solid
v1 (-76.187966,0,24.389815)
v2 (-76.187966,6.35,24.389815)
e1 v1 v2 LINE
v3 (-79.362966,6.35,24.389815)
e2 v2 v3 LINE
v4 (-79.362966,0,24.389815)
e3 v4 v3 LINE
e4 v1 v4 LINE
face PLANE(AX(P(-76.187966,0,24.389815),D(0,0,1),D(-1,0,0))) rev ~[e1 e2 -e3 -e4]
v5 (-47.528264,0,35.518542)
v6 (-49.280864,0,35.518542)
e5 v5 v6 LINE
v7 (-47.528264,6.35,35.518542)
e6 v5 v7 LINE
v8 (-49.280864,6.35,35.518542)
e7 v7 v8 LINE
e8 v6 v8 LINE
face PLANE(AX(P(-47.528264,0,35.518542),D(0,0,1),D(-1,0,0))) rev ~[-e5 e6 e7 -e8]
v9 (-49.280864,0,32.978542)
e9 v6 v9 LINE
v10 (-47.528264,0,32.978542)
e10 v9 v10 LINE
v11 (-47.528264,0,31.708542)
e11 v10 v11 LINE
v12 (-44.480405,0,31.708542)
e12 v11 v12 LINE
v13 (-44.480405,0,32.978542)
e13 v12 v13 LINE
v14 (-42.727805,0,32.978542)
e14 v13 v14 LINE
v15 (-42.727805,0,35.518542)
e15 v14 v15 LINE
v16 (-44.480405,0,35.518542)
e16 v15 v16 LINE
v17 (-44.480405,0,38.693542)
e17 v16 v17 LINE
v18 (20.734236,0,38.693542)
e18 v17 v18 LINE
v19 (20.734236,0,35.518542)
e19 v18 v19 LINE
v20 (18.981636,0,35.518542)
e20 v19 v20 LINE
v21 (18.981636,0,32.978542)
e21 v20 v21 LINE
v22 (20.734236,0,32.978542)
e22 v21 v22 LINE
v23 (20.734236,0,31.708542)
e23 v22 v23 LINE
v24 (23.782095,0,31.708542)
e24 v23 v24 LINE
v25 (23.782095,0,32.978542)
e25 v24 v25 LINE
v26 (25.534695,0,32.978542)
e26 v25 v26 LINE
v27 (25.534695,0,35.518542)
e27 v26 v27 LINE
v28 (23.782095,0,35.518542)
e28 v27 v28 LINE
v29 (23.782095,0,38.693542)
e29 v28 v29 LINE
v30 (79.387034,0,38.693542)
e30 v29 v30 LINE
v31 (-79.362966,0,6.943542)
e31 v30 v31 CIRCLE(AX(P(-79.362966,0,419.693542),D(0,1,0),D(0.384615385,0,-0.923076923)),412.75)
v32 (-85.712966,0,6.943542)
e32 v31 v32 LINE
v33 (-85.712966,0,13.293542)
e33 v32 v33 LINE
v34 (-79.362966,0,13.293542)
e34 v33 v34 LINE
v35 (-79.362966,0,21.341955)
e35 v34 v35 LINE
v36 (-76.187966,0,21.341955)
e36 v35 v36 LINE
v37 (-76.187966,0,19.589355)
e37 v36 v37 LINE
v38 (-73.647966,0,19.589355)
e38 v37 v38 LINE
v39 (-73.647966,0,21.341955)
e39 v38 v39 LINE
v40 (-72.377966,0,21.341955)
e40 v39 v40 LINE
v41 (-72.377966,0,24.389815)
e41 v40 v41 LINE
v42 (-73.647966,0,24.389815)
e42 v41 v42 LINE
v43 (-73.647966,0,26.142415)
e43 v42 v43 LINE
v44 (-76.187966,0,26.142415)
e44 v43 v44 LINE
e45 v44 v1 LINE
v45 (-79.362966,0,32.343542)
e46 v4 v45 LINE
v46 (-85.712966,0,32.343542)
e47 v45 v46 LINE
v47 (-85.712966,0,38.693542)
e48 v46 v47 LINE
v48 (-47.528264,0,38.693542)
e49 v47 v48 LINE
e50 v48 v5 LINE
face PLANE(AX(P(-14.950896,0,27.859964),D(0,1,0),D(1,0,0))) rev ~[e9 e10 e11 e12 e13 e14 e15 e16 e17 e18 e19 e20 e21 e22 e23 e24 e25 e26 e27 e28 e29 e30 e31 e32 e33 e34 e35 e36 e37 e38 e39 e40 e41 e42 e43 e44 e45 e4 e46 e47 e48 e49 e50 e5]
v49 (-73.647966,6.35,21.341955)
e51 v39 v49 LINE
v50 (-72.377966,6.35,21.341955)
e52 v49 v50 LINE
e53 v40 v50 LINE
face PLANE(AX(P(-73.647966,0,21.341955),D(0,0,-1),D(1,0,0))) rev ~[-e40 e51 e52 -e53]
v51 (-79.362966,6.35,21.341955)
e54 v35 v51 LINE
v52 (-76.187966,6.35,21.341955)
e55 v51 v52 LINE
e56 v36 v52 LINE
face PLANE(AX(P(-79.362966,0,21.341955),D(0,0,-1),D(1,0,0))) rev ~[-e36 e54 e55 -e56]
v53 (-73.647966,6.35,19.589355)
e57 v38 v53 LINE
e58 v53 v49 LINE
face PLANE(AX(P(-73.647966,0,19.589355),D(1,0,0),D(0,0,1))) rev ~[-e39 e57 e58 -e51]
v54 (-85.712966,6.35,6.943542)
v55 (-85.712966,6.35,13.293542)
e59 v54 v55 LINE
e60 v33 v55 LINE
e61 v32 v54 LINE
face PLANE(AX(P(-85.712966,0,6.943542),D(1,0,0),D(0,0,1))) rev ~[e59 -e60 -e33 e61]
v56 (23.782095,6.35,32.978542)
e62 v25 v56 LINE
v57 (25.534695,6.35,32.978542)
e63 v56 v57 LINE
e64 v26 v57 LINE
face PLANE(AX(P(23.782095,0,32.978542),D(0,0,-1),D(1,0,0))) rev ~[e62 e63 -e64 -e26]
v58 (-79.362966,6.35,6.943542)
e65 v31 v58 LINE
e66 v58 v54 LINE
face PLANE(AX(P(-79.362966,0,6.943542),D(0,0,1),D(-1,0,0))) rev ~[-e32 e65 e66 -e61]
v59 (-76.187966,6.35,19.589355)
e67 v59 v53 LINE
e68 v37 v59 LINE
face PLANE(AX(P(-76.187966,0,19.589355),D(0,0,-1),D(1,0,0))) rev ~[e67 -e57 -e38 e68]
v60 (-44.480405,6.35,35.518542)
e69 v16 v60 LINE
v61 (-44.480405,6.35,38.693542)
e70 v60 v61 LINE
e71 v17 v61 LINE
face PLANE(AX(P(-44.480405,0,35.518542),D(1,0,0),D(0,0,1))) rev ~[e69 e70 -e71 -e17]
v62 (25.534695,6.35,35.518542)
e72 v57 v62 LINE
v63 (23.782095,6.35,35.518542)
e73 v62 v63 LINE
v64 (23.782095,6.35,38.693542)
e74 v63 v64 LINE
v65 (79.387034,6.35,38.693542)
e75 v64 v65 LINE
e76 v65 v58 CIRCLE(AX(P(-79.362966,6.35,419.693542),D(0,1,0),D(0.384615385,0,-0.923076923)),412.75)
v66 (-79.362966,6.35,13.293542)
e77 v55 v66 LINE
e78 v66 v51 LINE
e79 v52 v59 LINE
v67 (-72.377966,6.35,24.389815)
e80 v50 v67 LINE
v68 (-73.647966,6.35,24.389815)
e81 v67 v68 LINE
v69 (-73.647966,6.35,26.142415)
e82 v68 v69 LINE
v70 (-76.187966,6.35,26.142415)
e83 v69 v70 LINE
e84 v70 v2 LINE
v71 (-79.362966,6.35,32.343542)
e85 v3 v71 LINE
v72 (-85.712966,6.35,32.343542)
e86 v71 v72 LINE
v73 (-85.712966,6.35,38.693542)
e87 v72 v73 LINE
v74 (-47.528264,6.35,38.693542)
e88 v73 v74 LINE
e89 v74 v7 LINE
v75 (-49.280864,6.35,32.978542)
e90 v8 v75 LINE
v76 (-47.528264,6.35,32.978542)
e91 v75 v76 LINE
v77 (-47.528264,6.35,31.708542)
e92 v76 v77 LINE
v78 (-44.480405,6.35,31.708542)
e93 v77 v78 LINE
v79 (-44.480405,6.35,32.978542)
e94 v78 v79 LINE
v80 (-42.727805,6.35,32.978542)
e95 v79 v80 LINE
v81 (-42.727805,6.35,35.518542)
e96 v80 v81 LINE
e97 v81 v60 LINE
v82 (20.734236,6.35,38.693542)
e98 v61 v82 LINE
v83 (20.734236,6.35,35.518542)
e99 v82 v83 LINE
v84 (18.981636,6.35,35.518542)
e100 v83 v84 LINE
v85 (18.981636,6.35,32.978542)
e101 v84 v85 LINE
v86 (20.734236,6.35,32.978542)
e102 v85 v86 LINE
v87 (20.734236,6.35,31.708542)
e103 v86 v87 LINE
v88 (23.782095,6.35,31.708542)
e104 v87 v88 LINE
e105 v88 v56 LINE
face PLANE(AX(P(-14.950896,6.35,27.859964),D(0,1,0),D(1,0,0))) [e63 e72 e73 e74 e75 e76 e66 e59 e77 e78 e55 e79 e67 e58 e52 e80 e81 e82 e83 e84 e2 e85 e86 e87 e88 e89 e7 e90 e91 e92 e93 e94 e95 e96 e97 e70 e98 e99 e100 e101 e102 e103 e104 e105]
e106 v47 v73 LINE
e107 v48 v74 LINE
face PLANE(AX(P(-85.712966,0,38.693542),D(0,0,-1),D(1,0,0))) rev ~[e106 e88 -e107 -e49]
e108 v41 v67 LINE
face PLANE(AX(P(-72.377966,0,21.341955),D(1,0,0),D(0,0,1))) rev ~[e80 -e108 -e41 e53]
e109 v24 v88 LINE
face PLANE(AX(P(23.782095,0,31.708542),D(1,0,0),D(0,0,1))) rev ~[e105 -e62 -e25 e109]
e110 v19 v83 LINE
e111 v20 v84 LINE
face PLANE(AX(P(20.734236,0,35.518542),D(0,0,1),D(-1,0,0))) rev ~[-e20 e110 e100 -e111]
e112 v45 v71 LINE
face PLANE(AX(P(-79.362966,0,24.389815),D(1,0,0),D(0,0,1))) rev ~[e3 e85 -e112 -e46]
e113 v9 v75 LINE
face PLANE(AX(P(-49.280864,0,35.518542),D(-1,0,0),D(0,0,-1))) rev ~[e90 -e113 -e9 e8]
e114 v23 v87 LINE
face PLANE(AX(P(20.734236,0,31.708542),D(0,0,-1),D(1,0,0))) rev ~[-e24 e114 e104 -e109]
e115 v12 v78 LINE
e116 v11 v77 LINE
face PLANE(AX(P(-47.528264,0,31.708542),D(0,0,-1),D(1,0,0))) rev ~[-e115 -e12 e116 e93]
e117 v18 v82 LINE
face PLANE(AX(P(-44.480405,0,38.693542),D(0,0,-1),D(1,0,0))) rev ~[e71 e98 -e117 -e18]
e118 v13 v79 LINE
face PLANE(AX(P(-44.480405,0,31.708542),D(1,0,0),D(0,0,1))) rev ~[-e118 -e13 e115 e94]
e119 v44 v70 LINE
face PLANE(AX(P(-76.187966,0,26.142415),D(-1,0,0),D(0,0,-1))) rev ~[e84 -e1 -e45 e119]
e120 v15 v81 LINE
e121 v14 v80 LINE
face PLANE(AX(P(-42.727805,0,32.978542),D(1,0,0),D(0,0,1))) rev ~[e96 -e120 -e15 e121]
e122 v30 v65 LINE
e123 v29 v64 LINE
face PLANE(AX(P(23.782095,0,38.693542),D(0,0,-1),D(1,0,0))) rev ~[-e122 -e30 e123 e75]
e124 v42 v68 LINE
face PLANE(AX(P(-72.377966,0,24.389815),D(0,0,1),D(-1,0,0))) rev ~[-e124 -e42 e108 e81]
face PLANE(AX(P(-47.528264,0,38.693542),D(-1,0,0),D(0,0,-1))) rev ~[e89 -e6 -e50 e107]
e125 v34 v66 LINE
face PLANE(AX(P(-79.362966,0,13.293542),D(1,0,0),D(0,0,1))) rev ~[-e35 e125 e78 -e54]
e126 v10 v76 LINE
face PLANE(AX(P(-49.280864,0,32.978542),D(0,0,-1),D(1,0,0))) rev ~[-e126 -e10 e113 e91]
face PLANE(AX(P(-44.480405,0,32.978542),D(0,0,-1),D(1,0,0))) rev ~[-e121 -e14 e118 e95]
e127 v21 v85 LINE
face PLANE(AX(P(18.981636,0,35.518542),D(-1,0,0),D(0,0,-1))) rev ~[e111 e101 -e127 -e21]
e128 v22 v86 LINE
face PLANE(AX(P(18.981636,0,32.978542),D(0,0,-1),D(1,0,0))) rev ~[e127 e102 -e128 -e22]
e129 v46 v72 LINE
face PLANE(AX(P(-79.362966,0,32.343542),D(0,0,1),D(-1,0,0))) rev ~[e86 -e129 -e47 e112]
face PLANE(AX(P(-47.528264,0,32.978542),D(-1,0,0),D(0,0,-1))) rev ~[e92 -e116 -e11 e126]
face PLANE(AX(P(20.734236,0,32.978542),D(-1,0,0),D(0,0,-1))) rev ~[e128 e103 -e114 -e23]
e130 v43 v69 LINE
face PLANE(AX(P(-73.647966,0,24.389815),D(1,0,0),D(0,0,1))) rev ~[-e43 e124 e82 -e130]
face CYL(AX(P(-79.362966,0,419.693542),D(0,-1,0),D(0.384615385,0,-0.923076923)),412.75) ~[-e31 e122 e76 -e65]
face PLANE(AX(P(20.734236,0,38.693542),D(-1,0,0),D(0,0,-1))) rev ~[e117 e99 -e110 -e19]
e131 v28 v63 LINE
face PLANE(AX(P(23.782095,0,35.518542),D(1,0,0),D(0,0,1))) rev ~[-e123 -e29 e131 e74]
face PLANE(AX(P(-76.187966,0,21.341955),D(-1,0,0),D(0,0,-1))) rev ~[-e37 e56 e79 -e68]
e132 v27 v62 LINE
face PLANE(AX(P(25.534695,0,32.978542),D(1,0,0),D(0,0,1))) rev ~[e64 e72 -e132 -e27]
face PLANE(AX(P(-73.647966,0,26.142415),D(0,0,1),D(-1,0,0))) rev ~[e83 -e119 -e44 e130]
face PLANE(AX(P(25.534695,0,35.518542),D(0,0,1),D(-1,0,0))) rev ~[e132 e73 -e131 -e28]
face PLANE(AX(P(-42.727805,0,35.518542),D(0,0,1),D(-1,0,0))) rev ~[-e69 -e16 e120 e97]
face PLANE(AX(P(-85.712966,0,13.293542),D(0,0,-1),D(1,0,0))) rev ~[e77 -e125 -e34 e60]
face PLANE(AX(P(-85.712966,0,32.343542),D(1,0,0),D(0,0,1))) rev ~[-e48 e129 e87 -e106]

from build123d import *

# Parameters (mm, degrees)
BOSS_EXTRUDE1_DEPTH = 6.35


with BuildPart() as part:
    # Sketch1 → Boss-Extrude1 (new body)
    with BuildSketch(Plane(origin=(0, 0, 0), x_dir=(1, 0, 0), z_dir=(0, 1, 0))):
        with BuildLine():
            Line((-79.362966154, -13.293541536), (-79.362966154, -21.341955347))
            Line((-79.362966154, -21.341955347), (-76.187966154, -21.341955347))
            Line((-76.187966154, -21.341955347), (-76.187966154, -19.589355347))
            Line((-76.187966154, -19.589355347), (-73.647966154, -19.589355347))
            Line((-73.647966154, -19.589355347), (-73.647966154, -21.341955347))
            Line((-73.647966154, -21.341955347), (-72.377966154, -21.341955347))
            Line((-72.377966154, -21.341955347), (-72.377966154, -24.389814703))
            Line((-72.377966154, -24.389814703), (-73.647966154, -24.389814703))
            Line((-73.647966154, -24.389814703), (-73.647966154, -26.142414703))
            Line((-73.647966154, -26.142414703), (-76.187966154, -26.142414703))
            Line((-76.187966154, -26.142414703), (-76.187966154, -24.389814703))
            Line((-76.187966154, -24.389814703), (-79.362966154, -24.389814703))
            Line((-79.362966154, -24.389814703), (-79.362966154, -32.343541536))
            Line((-79.362966154, -32.343541536), (-85.712966154, -32.343541536))
            Line((-85.712966154, -32.343541536), (-85.712966154, -38.693541536))
            Line((-85.712966154, -38.693541536), (-79.362966154, -38.693541536))
            Line((-79.362966154, -38.693541536), (-47.528264268, -38.693541536))
            Line((-47.528264268, -38.693541536), (-47.528264268, -35.518541536))
            Line((-47.528264268, -35.518541536), (-49.280864268, -35.518541536))
            Line((-49.280864268, -35.518541536), (-49.280864268, -32.978541536))
            Line((-49.280864268, -32.978541536), (-47.528264268, -32.978541536))
            Line((-47.528264268, -32.978541536), (-47.528264268, -31.708541536))
            Line((-47.528264268, -31.708541536), (-44.480404912, -31.708541536))
            Line((-44.480404912, -31.708541536), (-44.480404912, -32.978541536))
            Line((-44.480404912, -32.978541536), (-42.727804912, -32.978541536))
            Line((-42.727804912, -32.978541536), (-42.727804912, -35.518541536))
            Line((-42.727804912, -35.518541536), (-44.480404912, -35.518541536))
            Line((-44.480404912, -35.518541536), (-44.480404912, -38.693541536))
            Line((-44.480404912, -38.693541536), (20.734235732, -38.693541536))
            Line((20.734235732, -38.693541536), (20.734235732, -35.518541536))
            Line((20.734235732, -35.518541536), (18.981635732, -35.518541536))
            Line((18.981635732, -35.518541536), (18.981635732, -32.978541536))
            Line((18.981635732, -32.978541536), (20.734235732, -32.978541536))
            Line((20.734235732, -32.978541536), (20.734235732, -31.708541536))
            Line((20.734235732, -31.708541536), (23.782095088, -31.708541536))
            Line((23.782095088, -31.708541536), (23.782095088, -32.978541536))
            Line((23.782095088, -32.978541536), (25.534695088, -32.978541536))
            Line((25.534695088, -32.978541536), (25.534695088, -35.518541536))
            Line((25.534695088, -35.518541536), (23.782095088, -35.518541536))
            Line((23.782095088, -35.518541536), (23.782095088, -38.693541536))
            Line((23.782095088, -38.693541536), (79.387033846, -38.693541536))
            ThreePointArc((79.387033846, -38.693541536), (1.583968625, -14.958867645), (-79.362966154, -6.943541536))
            Line((-79.362966154, -6.943541536), (-85.712966154, -6.943541536))
            Line((-85.712966154, -6.943541536), (-85.712966154, -13.293541536))
            Line((-85.712966154, -13.293541536), (-79.362966154, -13.293541536))
        make_face()
    extrude(amount=BOSS_EXTRUDE1_DEPTH)


solid = part.part
